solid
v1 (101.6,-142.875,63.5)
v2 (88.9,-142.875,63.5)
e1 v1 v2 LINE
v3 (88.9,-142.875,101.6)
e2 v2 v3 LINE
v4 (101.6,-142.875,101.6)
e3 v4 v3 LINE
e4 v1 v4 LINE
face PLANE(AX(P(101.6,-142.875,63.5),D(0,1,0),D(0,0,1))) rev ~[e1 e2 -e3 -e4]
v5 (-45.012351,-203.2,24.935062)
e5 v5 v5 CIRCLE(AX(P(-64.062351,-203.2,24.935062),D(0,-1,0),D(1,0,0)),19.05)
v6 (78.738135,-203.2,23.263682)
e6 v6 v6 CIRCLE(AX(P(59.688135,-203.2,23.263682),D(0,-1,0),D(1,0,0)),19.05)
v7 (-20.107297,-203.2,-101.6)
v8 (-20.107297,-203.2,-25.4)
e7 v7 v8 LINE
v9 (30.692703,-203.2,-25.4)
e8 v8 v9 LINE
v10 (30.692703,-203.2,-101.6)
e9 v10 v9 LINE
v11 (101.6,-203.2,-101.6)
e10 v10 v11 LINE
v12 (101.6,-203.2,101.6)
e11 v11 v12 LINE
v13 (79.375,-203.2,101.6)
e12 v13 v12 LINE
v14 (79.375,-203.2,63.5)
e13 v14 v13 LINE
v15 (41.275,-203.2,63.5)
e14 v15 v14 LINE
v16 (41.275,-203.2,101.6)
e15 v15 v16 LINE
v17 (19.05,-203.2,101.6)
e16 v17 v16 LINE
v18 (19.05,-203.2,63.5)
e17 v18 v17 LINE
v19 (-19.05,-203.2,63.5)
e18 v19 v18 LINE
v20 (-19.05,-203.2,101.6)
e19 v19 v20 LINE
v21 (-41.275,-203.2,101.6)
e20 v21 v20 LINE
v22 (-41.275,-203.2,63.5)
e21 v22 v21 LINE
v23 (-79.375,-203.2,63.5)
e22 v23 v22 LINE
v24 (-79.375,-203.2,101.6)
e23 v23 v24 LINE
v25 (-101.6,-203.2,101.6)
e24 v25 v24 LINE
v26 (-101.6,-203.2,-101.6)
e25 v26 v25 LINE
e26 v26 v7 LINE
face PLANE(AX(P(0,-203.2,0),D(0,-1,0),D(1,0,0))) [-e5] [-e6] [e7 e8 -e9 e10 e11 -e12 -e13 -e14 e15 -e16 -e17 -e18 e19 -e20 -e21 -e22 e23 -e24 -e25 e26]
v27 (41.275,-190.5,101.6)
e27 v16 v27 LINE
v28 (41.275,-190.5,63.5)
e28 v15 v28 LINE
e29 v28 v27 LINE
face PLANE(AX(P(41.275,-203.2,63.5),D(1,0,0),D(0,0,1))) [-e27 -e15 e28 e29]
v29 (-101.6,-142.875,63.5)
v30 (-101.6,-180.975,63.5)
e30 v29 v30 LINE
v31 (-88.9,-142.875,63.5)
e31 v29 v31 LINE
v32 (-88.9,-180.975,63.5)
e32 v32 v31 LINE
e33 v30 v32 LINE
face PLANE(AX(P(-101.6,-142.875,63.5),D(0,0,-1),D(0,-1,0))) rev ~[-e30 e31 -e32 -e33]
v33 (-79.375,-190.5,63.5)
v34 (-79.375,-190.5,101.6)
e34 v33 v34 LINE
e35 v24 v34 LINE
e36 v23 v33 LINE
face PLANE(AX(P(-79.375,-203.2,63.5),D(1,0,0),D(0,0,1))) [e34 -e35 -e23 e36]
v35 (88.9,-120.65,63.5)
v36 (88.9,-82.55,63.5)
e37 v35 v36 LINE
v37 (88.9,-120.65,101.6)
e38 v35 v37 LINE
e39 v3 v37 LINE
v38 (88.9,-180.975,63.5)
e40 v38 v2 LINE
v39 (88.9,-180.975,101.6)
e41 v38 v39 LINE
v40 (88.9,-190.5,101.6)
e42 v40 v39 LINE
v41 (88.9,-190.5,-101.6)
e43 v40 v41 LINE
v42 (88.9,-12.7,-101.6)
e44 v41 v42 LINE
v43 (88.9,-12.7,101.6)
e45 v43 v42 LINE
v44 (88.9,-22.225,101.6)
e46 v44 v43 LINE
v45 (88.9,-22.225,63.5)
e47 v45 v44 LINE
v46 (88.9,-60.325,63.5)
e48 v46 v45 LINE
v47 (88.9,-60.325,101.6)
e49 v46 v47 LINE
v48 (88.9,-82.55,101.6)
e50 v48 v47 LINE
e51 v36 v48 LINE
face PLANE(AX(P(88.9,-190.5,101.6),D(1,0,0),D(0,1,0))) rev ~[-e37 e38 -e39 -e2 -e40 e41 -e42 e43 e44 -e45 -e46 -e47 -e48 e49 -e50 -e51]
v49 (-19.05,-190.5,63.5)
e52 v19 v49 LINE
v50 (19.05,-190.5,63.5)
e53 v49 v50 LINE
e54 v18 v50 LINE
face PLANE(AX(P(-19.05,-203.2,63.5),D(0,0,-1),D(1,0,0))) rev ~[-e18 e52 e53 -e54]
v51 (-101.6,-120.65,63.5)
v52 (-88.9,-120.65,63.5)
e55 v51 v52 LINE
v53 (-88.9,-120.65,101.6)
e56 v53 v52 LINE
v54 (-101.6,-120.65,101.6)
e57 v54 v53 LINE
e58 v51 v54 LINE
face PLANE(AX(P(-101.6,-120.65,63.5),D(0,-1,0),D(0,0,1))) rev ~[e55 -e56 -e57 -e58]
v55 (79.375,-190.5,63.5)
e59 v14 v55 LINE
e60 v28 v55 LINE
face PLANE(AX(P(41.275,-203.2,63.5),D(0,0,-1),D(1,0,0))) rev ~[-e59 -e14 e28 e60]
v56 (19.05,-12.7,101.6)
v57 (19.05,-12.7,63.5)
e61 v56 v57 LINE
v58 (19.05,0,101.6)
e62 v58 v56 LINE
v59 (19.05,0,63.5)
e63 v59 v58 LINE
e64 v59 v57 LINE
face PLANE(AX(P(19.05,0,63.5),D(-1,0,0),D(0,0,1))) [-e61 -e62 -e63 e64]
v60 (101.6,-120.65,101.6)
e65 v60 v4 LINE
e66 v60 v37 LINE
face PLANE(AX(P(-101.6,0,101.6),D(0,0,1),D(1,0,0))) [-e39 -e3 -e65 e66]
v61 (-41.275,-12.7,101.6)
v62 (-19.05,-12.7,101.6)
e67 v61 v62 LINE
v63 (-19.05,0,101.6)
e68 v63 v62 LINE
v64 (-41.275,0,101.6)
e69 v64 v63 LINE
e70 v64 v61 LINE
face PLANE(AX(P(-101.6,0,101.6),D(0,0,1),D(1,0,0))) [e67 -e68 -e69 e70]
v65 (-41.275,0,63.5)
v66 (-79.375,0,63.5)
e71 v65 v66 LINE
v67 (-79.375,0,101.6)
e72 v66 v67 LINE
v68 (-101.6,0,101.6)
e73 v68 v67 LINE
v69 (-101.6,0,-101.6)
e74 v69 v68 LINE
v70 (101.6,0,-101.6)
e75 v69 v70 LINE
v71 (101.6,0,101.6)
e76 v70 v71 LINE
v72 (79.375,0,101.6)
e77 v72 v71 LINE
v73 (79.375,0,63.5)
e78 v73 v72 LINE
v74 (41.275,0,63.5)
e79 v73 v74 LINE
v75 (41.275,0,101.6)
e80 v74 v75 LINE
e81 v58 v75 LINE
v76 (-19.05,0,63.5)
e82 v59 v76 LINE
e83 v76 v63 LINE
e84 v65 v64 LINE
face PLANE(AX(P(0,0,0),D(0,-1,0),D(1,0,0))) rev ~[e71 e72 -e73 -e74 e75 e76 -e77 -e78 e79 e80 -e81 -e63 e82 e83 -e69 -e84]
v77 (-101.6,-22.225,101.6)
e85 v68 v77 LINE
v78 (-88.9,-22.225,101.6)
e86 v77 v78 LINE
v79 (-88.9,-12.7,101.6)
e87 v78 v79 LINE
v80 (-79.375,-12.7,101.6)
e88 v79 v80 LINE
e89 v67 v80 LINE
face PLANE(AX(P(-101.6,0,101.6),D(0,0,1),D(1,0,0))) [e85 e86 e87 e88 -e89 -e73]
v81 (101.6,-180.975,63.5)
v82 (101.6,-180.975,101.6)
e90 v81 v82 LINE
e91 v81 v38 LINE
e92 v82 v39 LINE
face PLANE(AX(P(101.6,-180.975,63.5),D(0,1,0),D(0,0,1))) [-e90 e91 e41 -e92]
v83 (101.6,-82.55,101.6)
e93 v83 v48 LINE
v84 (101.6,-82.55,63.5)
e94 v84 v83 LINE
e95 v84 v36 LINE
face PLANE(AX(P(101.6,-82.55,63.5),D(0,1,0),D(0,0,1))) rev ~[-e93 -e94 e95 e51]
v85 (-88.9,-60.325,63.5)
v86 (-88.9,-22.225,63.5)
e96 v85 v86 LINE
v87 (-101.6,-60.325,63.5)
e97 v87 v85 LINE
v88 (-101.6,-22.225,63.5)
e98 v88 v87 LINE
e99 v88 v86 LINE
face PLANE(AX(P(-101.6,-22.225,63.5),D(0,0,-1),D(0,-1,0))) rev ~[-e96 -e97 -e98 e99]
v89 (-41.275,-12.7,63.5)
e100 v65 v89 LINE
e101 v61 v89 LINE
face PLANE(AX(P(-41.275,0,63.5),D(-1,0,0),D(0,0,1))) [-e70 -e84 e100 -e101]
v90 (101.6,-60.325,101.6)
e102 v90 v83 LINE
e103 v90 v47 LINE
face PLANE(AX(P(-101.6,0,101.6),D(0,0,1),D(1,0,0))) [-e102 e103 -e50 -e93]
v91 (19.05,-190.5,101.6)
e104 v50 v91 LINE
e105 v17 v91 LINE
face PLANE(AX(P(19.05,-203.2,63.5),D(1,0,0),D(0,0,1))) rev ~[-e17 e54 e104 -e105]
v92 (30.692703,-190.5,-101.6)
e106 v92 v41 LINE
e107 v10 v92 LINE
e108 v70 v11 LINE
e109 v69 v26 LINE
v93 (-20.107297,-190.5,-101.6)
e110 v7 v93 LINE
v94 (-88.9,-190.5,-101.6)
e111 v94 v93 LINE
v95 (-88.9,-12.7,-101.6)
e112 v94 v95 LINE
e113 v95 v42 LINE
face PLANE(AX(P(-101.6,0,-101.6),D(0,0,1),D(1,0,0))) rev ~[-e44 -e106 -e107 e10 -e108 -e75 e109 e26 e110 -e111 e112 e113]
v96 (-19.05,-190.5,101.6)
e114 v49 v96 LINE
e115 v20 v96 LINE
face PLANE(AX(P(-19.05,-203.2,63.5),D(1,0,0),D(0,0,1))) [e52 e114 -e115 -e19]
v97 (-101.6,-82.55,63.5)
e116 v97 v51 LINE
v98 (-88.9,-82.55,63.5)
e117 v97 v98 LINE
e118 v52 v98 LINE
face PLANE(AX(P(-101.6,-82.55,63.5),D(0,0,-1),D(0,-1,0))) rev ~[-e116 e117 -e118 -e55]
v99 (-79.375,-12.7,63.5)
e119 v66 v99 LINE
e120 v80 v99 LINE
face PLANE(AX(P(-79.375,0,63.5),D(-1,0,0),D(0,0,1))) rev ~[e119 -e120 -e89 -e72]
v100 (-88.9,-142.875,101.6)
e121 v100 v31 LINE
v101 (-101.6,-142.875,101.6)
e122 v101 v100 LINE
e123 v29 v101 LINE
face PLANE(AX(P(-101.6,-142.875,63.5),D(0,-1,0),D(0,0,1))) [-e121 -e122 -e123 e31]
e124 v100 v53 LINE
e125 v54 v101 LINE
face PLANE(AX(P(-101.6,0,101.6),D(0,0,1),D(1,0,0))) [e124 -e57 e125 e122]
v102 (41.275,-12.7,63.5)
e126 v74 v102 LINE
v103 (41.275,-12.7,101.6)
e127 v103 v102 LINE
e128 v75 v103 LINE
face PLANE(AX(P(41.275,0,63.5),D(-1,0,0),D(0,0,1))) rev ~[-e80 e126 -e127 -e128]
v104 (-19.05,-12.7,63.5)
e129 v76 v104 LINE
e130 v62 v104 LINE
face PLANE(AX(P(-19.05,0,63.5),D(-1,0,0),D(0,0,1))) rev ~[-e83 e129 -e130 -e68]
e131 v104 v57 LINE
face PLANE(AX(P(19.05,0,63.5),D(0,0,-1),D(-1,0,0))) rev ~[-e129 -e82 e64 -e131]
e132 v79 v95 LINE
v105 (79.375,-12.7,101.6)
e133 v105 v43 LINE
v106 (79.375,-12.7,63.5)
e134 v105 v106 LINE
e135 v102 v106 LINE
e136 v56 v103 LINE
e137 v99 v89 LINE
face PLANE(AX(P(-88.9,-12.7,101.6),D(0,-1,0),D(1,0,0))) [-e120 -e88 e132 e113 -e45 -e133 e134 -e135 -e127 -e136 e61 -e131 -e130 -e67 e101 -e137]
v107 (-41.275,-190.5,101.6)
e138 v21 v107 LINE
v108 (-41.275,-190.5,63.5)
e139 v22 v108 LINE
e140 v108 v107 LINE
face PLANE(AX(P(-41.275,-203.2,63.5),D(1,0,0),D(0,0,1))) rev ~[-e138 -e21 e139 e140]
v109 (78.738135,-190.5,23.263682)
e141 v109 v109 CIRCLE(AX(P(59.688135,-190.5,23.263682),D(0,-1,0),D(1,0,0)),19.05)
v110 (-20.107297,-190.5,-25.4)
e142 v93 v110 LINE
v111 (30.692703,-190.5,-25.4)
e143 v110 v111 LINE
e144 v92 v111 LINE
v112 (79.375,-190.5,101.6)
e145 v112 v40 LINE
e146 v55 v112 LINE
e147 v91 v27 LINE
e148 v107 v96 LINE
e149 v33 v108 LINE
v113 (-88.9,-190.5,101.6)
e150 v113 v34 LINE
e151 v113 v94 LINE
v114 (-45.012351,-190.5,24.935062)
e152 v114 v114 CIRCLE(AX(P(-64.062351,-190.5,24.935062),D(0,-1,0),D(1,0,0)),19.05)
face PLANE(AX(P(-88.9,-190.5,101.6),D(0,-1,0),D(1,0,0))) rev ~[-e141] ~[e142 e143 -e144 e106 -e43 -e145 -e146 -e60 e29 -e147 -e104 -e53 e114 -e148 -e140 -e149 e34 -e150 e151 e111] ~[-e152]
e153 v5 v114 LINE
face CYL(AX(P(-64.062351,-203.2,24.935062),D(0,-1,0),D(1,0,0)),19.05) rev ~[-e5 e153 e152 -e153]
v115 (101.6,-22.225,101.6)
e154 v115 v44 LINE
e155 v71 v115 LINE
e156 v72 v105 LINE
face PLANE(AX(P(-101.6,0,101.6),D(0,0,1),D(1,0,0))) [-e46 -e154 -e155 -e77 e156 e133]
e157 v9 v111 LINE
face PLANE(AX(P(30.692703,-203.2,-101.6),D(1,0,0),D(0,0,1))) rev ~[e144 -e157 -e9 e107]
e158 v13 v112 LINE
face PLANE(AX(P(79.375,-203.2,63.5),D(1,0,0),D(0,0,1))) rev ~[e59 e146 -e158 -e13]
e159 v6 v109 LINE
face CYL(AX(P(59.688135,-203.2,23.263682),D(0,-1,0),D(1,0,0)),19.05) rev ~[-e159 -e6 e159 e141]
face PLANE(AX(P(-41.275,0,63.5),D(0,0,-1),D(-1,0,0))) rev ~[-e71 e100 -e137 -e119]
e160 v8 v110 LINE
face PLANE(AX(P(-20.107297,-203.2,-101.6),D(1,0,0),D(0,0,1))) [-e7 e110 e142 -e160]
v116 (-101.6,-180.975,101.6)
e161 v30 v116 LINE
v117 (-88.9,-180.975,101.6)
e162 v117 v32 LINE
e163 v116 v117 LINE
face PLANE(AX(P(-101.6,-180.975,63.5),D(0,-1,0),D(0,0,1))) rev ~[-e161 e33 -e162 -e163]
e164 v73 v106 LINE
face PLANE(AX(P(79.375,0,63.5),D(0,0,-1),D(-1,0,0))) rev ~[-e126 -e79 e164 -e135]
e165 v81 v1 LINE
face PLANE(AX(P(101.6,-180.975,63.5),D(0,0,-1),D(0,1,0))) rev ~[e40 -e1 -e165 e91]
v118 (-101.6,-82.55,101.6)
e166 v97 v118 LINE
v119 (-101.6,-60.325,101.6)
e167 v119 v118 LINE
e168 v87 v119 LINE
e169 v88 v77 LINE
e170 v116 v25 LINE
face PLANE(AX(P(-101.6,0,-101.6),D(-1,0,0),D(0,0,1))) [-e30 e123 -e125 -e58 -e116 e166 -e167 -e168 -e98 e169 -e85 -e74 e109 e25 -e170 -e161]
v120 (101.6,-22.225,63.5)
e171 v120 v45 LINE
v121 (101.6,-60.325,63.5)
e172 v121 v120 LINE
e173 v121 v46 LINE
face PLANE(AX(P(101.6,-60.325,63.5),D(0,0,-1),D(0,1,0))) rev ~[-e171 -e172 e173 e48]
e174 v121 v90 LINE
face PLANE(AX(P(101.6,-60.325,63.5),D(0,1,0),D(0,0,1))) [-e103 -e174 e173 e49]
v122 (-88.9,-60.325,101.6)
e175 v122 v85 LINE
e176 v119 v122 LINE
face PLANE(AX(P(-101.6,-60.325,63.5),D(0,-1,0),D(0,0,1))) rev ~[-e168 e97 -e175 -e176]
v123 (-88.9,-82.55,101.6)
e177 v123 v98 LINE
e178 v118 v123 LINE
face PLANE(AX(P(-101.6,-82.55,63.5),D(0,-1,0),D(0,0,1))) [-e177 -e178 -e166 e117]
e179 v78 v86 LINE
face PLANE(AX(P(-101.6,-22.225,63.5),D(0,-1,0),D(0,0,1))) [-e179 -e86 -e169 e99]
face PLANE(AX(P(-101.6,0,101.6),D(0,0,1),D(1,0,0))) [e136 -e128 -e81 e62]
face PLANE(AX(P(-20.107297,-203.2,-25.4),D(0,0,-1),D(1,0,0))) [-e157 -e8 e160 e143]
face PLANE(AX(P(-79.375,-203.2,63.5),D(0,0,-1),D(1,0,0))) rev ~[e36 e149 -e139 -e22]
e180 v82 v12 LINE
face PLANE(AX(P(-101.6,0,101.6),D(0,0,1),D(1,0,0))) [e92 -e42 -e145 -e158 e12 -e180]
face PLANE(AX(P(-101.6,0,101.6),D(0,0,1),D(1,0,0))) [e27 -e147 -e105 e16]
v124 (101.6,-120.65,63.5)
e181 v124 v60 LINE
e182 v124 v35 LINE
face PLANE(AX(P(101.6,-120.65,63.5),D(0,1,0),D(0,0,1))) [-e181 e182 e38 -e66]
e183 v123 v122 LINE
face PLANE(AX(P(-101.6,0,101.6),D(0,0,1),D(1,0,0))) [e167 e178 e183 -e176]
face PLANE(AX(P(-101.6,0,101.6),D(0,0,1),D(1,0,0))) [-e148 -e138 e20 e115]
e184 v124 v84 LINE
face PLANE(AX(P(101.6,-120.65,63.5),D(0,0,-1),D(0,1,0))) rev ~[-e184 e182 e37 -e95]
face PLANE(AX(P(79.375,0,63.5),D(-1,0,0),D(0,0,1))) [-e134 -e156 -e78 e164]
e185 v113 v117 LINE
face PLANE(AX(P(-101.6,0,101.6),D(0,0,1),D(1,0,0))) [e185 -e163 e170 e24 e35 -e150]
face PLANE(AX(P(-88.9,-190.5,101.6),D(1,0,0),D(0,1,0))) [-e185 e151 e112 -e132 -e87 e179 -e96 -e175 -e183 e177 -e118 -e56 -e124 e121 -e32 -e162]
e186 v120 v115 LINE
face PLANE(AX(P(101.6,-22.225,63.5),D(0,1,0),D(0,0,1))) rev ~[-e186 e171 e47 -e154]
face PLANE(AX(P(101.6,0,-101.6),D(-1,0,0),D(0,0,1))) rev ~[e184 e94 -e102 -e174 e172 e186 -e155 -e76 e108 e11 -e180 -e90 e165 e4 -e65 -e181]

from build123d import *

# Parameters (mm, degrees)
F0_W      = 203.2
F0_H      = 203.2
F1_DEPTH  = 203.2
F2_W      = 177.8
F2_H      = 177.8
F3_DEPTH  = 203.2
F4_W      = 50.8
F4_H      = 76.2
F5_DEPTH  = 25.4
F6_W      = 38.1
F6_H      = 38.1
F7_DEPTH  = 25.4
F8_W      = 38.1
F8_H      = 38.1
F9_DEPTH  = 25.4
F10_W     = 38.1
F10_H     = 38.1
F11_DEPTH = 25.4
F12_W     = 38.1
F12_H     = 38.1
F13_DEPTH = 25.4
F14_R     = 19.05
F15_DEPTH = 25.4


with BuildPart() as f1:
    # F0 (on Front) → F1 (new body)
    with BuildSketch(Plane.XZ):
        Rectangle(F0_W, F0_H)
    extrude(amount=F1_DEPTH)

    # F2 (on face) → F3 (cut)
    with BuildSketch(Plane.XY.offset(101.6)):
        with Locations((0, -101.6)):
            Rectangle(F2_W, F2_H)
    extrude(amount=-F3_DEPTH, mode=Mode.SUBTRACT)

    # F4 (on face) → F5 (cut)
    with BuildSketch(Plane.XZ.offset(203.2)):
        with Locations((5.292703, -63.5)):
            Rectangle(F4_W, F4_H)
    extrude(amount=-F5_DEPTH, mode=Mode.SUBTRACT)

    # F6 (on face) → F7 (cut)
    with BuildSketch(Plane.XZ.offset(203.2)):
        with Locations((-60.325, 82.55)):
            Rectangle(F6_W, F6_H)
        with Locations((0, 82.55)):
            Rectangle(F6_W, F6_H)
        with Locations((60.325, 82.55)):
            Rectangle(F6_W, F6_H)
    extrude(amount=-F7_DEPTH, mode=Mode.SUBTRACT)

    # F8 (on face) → F9 (cut)
    with BuildSketch(Plane.YZ.offset(101.6)):
        with Locations((-161.925, 82.55)):
            Rectangle(F8_W, F8_H)
        with Locations((-101.6, 82.55)):
            Rectangle(F8_W, F8_H)
        with Locations((-41.275, 82.55)):
            Rectangle(F8_W, F8_H)
    extrude(amount=-F9_DEPTH, mode=Mode.SUBTRACT)

    # F10 (on face) → F11 (cut)
    with BuildSketch(Plane(origin=(0, 0, 0), x_dir=(-1, 0, 0), z_dir=(0, 1, 0))):
        with Locations((-60.325, 82.55)):
            Rectangle(F10_W, F10_H)
        with Locations((0, 82.55)):
            Rectangle(F10_W, F10_H)
        with Locations((60.325, 82.55)):
            Rectangle(F10_W, F10_H)
    extrude(amount=-F11_DEPTH, mode=Mode.SUBTRACT)

    # F12 (on face) → F13 (cut)
    with BuildSketch(Plane(origin=(-101.6, 0, 0), x_dir=(0, -1, 0), z_dir=(-1, 0, 0))):
        with Locations((41.275, 82.55)):
            Rectangle(F12_W, F12_H)
        with Locations((101.6, 82.55)):
            Rectangle(F12_W, F12_H)
        with Locations((161.925, 82.55)):
            Rectangle(F12_W, F12_H)
    extrude(amount=-F13_DEPTH, mode=Mode.SUBTRACT)

    # F14 (on face) → F15 (cut)
    with BuildSketch(Plane.XZ.offset(203.2)):
        with Locations((-64.062351, 24.935062)):
            Circle(F14_R)
        with Locations((59.688135, 23.263682)):
            Circle(F14_R)
    extrude(amount=-F15_DEPTH, mode=Mode.SUBTRACT)


solid = f1.part
